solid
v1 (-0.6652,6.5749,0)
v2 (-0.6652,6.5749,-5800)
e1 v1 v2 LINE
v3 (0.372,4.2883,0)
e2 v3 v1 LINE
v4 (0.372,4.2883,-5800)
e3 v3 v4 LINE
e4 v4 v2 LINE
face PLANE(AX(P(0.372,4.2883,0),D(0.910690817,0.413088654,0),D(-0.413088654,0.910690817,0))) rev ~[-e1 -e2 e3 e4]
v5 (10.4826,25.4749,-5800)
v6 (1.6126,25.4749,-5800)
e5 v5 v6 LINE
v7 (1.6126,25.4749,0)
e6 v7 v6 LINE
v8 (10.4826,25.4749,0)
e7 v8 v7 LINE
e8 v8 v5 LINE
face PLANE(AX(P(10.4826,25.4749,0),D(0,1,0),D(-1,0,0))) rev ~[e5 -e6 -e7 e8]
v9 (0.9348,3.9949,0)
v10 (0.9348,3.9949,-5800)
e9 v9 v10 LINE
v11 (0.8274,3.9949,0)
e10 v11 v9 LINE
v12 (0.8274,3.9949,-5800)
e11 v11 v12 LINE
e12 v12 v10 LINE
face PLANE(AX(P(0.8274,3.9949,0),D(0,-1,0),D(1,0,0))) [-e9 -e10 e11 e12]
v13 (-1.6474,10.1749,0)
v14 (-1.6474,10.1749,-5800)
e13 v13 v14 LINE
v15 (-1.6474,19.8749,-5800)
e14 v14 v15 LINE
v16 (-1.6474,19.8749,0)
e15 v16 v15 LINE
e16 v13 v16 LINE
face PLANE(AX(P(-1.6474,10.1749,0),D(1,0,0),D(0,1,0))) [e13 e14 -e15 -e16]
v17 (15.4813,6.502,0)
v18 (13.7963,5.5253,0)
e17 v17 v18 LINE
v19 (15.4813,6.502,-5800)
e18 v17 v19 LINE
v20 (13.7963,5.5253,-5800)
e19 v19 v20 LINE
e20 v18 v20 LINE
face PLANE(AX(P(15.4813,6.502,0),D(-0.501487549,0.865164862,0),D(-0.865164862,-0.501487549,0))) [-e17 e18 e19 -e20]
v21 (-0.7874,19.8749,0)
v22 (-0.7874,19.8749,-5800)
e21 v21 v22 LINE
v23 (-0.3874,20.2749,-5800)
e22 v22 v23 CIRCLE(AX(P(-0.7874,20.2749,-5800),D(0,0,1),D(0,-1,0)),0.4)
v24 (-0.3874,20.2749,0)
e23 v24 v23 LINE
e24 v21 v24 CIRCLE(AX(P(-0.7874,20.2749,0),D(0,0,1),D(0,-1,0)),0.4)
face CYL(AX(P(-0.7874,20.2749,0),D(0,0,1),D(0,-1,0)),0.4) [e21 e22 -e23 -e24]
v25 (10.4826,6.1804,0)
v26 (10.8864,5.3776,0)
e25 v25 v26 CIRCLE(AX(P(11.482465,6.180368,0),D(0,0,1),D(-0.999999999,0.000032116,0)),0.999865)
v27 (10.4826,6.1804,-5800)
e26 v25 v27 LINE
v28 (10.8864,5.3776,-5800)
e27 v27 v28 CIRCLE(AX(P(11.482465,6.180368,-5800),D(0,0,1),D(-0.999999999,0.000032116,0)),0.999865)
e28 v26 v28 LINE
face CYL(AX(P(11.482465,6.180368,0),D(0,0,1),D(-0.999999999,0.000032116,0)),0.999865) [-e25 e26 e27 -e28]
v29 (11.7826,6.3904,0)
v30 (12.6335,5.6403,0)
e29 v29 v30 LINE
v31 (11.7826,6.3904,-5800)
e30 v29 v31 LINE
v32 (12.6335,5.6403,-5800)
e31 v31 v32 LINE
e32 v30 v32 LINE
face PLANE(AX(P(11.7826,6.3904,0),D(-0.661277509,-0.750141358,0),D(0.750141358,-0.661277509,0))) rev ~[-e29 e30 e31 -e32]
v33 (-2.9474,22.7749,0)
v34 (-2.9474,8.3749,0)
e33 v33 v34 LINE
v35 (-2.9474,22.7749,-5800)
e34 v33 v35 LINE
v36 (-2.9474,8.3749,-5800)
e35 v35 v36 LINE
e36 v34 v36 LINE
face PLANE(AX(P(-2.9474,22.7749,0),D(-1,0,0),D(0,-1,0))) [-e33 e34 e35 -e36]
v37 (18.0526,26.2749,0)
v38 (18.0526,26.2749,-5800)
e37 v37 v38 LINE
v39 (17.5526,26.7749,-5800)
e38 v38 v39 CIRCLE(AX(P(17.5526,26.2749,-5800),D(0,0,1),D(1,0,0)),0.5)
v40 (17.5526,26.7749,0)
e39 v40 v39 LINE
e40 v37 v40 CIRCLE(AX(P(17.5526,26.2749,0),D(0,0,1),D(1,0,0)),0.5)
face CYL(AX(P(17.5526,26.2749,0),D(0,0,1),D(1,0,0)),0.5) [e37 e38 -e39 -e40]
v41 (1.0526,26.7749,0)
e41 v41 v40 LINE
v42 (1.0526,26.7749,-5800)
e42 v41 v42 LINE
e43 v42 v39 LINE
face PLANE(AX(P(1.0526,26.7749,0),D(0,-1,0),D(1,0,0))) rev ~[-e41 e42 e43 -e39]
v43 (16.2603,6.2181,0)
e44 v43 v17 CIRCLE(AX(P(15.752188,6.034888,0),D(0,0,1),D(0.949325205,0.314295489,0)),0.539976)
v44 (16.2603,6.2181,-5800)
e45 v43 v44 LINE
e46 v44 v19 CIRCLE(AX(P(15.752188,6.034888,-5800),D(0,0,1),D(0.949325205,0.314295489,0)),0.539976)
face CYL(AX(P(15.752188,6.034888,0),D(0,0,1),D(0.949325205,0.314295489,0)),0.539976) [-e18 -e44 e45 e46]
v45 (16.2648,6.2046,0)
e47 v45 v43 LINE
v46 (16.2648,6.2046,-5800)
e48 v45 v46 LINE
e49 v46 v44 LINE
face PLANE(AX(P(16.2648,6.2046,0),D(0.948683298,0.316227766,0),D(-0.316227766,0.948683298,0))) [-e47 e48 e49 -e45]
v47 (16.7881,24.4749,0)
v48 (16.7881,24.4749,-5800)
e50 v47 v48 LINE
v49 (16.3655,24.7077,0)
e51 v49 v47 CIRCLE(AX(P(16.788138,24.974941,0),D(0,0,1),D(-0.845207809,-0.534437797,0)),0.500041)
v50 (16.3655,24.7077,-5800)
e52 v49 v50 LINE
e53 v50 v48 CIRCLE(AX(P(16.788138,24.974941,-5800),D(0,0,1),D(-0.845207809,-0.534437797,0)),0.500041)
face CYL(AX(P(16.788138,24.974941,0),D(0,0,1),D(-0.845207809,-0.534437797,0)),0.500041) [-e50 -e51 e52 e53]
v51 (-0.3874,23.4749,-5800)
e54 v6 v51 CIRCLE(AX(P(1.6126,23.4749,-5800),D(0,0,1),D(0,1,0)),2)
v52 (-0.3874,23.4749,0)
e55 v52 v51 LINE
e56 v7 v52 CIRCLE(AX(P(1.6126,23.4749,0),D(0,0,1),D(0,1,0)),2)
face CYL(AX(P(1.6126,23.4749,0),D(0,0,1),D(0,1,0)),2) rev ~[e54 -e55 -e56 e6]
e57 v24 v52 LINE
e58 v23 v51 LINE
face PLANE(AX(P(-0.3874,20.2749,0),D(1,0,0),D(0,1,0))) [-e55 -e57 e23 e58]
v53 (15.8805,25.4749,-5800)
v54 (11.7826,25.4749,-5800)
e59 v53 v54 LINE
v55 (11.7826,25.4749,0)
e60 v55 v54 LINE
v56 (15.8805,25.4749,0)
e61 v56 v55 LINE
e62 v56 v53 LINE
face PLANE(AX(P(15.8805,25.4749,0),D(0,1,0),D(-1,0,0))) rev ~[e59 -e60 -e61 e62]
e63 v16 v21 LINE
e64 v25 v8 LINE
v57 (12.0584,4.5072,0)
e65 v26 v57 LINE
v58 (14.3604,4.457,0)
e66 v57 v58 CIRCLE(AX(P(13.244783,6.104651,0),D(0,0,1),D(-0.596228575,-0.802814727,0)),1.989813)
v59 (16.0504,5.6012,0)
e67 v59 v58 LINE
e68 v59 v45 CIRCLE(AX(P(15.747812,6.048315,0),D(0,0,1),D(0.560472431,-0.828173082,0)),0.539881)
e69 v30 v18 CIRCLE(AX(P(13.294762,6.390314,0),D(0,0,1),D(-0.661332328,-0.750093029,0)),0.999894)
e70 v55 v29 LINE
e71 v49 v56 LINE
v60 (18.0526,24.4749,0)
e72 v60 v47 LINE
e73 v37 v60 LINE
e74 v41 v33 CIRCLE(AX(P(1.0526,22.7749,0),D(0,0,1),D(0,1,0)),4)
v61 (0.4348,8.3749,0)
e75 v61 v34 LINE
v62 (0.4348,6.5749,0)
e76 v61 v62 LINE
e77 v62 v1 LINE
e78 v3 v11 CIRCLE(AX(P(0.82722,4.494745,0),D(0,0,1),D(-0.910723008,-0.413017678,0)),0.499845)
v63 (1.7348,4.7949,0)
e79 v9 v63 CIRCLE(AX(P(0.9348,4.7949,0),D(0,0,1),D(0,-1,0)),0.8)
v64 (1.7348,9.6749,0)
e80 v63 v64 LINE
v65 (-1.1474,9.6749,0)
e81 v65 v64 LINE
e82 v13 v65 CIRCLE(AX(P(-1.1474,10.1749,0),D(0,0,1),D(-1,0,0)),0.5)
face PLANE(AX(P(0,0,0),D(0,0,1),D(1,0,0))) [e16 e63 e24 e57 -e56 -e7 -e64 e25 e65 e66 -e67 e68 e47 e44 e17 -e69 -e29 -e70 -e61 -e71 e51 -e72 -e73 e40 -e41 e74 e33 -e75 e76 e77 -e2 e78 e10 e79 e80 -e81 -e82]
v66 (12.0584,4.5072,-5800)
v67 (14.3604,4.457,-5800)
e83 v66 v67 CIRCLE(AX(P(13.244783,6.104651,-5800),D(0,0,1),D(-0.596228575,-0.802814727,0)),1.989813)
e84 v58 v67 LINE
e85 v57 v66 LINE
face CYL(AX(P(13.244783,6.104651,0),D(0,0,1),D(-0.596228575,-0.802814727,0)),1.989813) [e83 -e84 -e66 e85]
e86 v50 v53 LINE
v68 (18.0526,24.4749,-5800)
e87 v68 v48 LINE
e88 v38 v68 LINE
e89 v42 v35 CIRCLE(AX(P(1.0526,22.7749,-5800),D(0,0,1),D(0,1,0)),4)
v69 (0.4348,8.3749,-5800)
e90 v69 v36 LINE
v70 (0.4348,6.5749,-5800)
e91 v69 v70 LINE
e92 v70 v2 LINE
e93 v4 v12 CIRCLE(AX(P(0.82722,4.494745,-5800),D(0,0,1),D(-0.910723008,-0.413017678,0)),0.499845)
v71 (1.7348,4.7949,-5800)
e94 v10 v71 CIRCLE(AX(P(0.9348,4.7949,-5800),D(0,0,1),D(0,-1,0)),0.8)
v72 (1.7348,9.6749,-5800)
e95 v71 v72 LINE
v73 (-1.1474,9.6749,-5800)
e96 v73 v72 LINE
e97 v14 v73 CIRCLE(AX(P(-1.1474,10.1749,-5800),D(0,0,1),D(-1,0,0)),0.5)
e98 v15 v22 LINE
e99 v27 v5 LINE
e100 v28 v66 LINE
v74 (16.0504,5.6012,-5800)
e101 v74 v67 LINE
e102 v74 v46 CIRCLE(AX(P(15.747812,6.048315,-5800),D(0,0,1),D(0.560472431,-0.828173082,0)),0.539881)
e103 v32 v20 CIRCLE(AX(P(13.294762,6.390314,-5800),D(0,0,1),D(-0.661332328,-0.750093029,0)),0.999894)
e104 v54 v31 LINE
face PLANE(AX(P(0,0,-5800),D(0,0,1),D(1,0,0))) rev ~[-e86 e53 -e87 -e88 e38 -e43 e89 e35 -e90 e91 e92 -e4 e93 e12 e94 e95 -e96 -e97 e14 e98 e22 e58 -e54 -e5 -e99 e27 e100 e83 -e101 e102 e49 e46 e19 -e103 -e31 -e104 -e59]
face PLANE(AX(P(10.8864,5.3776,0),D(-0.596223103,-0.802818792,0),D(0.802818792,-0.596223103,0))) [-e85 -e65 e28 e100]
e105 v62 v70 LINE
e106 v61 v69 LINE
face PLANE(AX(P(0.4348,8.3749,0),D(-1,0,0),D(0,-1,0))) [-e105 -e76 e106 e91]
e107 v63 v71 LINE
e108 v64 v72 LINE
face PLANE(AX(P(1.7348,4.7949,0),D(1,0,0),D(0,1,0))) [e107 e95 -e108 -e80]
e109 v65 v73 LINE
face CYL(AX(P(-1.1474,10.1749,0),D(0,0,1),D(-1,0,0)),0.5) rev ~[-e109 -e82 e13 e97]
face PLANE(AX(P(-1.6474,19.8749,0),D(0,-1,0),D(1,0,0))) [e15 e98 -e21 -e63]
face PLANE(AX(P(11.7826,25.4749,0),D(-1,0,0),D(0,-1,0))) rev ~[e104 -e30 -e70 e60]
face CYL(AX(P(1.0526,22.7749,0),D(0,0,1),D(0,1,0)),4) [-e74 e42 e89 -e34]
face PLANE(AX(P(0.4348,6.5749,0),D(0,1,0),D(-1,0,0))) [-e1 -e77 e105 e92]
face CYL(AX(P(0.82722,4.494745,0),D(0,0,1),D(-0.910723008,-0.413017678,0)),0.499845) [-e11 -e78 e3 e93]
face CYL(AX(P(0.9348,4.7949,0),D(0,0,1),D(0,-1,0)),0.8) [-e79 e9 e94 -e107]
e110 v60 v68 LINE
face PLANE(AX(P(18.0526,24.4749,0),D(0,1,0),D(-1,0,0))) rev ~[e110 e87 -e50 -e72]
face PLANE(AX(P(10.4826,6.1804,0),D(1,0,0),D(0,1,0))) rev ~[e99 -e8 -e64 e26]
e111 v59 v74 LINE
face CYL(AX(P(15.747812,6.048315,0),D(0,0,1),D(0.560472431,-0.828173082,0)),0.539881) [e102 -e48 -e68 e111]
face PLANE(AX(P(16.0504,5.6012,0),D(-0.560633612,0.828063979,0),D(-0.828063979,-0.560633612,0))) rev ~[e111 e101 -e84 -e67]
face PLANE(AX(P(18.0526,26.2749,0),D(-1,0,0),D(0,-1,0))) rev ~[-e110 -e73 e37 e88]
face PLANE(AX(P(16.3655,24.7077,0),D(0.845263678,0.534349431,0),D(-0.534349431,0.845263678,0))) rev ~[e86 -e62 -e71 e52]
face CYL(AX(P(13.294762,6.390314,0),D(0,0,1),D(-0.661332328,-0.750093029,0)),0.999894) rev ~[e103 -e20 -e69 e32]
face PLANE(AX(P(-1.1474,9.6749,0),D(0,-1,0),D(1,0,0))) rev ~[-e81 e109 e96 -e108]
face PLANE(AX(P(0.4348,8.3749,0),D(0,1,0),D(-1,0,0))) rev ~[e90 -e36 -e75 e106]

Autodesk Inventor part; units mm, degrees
ref_plane "YZ Plane" through (0, 0, 0) normal (1, 0, 0) x (0, 1, 0)
ref_plane "XZ Plane" through (0, 0, 0) normal (0, 1, 0) x (-1, 0, 0)
ref_plane "XY Plane" through (0, 0, 0) normal (0, 0, 1) x (1, 0, 0)
sketch "Boceto1" plane through (0, 0, 0) normal (0, 0, 1) x (1, 0, 0)
  line L0 (-1.6474, 10.1749) -> (-1.6474, 19.8749)
  line L1 (-1.1474, 9.6749) -> (1.7348, 9.6749)
  line L2 (0.4348, 8.3749) -> (-2.9474, 8.3749)
  line L3 (0.4348, 8.3749) -> (0.4348, 6.5749)
  line L4 (0.8274, 3.9949) -> (0.9348, 3.9949)
  line L5 (1.7348, 4.7949) -> (1.7348, 9.6749)
  line L6 (-1.6474, 19.8749) -> (-0.7874, 19.8749)
  line L7 (-0.3874, 20.2749) -> (-0.3874, 23.4749)
  line L8 (1.0526, 26.7749) -> (17.5526, 26.7749)
  line L9 (11.7826, 25.4749) -> (11.7826, 6.3904)
  line L10 (10.4826, 6.1804) -> (10.4826, 25.4749)
  line L11 (0.4348, 6.5749) -> (-0.6652, 6.5749)
  line L12 (15.8805, 25.4749) -> (11.7826, 25.4749)
  line L13 (10.4826, 25.4749) -> (1.6126, 25.4749)
  line L14 (18.0526, 26.2749) -> (18.0526, 24.4749)
  line L15 (18.0526, 24.4749) -> (16.7881, 24.4749)
  line L16 (-2.9474, 22.7749) -> (-2.9474, 8.3749)
  line L17 (0.372, 4.2883) -> (-0.6652, 6.5749)
  arc A0 (0.9348, 3.9949) -> (1.7348, 4.7949) centre (0.9348, 4.7949) ccw
  arc A1 (0.372, 4.2883) -> (0.8274, 3.9949) centre (0.8274, 4.4949) ccw
  arc A2 (-1.6474, 10.1749) -> (-1.1474, 9.6749) centre (-1.1474, 10.1749) ccw
  arc A3 (1.0526, 26.7749) -> (-2.9474, 22.7749) centre (1.0526, 22.7749) ccw
  arc A4 (1.6126, 25.4749) -> (-0.3874, 23.4749) centre (1.6126, 23.4749) ccw
  arc A5 (-0.7874, 19.8749) -> (-0.3874, 20.2749) centre (-0.7874, 20.2749) ccw
  line L18 (16.3655, 24.7077) -> (15.8805, 25.4749)
  arc A6 (16.3655, 24.7077) -> (16.7881, 24.4749) centre (16.7881, 24.9749) ccw
  arc A7 (18.0526, 26.2749) -> (17.5526, 26.7749) centre (17.5526, 26.2749) ccw
  line L19 (13.2948, 10.0513) -> (13.2948, 2.2212) construction
  line L20 (10.8004, 4.1149) -> (18.33, 4.1149) construction
  line L21 (16.0504, 5.6012) -> (14.3604, 4.457)
  line L22 (10.8864, 5.3776) -> (12.0584, 4.5072)
  arc A8 (12.0584, 4.5072) -> (14.3604, 4.457) centre (13.2448, 6.1047) ccw
  arc A9 (12.6335, 5.6403) -> (13.7963, 5.5253) centre (13.2948, 6.3904) ccw
  line L23 (11.7826, 6.3904) -> (15.1894, 6.3904) construction
  line L24 (11.7826, 6.3904) -> (12.6335, 5.6403)
  line L25 (15.4813, 6.502) -> (13.7963, 5.5253)
  arc A10 (10.4826, 6.1804) -> (10.8864, 5.3776) centre (11.4826, 6.1804) ccw
  line L26 (16.2648, 6.2046) -> (16.2603, 6.2181)
  arc A11 (16.2648, 6.2046) -> (15.4813, 6.502) centre (15.7522, 6.0349) ccw
  arc A12 (16.0504, 5.6012) -> (16.2603, 6.2181) centre (15.7477, 6.0484) ccw
  point P0 (0, 0)
  point P1 (0.5051, 3.9949)
  point P2 (18.0526, 26.7749)
  point P3 (16.5126, 24.4749)
  point P4 (12.2081, 6.0154)
  point P5 (16.2626, 6.2113)
  point P6 (15.9438, 6.5397)
  point P7 (13.2014, 4.1153)
  point P8 (16.2625, 6.2113)
  dimension "d1" = 22.78
  dimension "d2" = 1.3
  dimension "d3" = 1.3
  dimension "d4" = 1.3
  dimension "d5" = 1.3
  dimension "d6" = 1.3
  dimension "d9" = 1.8
  dimension "d10" = 1.1
  dimension "d14" = 0.8
  dimension "d15" = 0.5
  dimension "d16" = 65.6
  dimension "d17" = 2.3
  dimension "d18" = 18.4
  dimension "d19" = 0.5
  dimension "d21" = 4
  dimension "d23" = 2.56
  dimension "d24" = 21
  dimension "d27" = 2
  dimension "d28" = 14.73
  dimension "d29" = 0.4
  dimension "d30" = 1.54
  dimension "d31" = 57.7
  dimension "d32" = 0.5
  dimension "d33" = 0.5
  dimension "d61" = 34.1
  dimension "d63" = 2
  dimension "d65" = 48.6
  dimension "d66" = 59.9
  dimension "d69" = 0.29
  dimension "d70" = 1
  dimension "d83" = 6.9
  dimension "d84" = 22.66
  dimension "d87" = 36.6
  dimension "d93" = 0.05
  dimension "d95" = 1.3
  dimension "d102" = 0.54
  dimension "d104" = 3.02
  dimension "d107" = 2.46
  dimension "d108" = 15.83
  dimension "d109" = 19.2077
  dimension "d110" = 18.0526
  dimension "d111" = 24.4748
  dimension "d112" = 0.2774
  dimension "d113" = 2.8632
  dimension "d114" = 14.4235
  dimension "d115" = 22.2536
  dimension "d116" = 7.2522
extrude "Extrusión1" add sketch "Boceto1" against normal blind 5800
properties part number "SP40-08 JUNQUILLO CURVO" material "Aluminio"
